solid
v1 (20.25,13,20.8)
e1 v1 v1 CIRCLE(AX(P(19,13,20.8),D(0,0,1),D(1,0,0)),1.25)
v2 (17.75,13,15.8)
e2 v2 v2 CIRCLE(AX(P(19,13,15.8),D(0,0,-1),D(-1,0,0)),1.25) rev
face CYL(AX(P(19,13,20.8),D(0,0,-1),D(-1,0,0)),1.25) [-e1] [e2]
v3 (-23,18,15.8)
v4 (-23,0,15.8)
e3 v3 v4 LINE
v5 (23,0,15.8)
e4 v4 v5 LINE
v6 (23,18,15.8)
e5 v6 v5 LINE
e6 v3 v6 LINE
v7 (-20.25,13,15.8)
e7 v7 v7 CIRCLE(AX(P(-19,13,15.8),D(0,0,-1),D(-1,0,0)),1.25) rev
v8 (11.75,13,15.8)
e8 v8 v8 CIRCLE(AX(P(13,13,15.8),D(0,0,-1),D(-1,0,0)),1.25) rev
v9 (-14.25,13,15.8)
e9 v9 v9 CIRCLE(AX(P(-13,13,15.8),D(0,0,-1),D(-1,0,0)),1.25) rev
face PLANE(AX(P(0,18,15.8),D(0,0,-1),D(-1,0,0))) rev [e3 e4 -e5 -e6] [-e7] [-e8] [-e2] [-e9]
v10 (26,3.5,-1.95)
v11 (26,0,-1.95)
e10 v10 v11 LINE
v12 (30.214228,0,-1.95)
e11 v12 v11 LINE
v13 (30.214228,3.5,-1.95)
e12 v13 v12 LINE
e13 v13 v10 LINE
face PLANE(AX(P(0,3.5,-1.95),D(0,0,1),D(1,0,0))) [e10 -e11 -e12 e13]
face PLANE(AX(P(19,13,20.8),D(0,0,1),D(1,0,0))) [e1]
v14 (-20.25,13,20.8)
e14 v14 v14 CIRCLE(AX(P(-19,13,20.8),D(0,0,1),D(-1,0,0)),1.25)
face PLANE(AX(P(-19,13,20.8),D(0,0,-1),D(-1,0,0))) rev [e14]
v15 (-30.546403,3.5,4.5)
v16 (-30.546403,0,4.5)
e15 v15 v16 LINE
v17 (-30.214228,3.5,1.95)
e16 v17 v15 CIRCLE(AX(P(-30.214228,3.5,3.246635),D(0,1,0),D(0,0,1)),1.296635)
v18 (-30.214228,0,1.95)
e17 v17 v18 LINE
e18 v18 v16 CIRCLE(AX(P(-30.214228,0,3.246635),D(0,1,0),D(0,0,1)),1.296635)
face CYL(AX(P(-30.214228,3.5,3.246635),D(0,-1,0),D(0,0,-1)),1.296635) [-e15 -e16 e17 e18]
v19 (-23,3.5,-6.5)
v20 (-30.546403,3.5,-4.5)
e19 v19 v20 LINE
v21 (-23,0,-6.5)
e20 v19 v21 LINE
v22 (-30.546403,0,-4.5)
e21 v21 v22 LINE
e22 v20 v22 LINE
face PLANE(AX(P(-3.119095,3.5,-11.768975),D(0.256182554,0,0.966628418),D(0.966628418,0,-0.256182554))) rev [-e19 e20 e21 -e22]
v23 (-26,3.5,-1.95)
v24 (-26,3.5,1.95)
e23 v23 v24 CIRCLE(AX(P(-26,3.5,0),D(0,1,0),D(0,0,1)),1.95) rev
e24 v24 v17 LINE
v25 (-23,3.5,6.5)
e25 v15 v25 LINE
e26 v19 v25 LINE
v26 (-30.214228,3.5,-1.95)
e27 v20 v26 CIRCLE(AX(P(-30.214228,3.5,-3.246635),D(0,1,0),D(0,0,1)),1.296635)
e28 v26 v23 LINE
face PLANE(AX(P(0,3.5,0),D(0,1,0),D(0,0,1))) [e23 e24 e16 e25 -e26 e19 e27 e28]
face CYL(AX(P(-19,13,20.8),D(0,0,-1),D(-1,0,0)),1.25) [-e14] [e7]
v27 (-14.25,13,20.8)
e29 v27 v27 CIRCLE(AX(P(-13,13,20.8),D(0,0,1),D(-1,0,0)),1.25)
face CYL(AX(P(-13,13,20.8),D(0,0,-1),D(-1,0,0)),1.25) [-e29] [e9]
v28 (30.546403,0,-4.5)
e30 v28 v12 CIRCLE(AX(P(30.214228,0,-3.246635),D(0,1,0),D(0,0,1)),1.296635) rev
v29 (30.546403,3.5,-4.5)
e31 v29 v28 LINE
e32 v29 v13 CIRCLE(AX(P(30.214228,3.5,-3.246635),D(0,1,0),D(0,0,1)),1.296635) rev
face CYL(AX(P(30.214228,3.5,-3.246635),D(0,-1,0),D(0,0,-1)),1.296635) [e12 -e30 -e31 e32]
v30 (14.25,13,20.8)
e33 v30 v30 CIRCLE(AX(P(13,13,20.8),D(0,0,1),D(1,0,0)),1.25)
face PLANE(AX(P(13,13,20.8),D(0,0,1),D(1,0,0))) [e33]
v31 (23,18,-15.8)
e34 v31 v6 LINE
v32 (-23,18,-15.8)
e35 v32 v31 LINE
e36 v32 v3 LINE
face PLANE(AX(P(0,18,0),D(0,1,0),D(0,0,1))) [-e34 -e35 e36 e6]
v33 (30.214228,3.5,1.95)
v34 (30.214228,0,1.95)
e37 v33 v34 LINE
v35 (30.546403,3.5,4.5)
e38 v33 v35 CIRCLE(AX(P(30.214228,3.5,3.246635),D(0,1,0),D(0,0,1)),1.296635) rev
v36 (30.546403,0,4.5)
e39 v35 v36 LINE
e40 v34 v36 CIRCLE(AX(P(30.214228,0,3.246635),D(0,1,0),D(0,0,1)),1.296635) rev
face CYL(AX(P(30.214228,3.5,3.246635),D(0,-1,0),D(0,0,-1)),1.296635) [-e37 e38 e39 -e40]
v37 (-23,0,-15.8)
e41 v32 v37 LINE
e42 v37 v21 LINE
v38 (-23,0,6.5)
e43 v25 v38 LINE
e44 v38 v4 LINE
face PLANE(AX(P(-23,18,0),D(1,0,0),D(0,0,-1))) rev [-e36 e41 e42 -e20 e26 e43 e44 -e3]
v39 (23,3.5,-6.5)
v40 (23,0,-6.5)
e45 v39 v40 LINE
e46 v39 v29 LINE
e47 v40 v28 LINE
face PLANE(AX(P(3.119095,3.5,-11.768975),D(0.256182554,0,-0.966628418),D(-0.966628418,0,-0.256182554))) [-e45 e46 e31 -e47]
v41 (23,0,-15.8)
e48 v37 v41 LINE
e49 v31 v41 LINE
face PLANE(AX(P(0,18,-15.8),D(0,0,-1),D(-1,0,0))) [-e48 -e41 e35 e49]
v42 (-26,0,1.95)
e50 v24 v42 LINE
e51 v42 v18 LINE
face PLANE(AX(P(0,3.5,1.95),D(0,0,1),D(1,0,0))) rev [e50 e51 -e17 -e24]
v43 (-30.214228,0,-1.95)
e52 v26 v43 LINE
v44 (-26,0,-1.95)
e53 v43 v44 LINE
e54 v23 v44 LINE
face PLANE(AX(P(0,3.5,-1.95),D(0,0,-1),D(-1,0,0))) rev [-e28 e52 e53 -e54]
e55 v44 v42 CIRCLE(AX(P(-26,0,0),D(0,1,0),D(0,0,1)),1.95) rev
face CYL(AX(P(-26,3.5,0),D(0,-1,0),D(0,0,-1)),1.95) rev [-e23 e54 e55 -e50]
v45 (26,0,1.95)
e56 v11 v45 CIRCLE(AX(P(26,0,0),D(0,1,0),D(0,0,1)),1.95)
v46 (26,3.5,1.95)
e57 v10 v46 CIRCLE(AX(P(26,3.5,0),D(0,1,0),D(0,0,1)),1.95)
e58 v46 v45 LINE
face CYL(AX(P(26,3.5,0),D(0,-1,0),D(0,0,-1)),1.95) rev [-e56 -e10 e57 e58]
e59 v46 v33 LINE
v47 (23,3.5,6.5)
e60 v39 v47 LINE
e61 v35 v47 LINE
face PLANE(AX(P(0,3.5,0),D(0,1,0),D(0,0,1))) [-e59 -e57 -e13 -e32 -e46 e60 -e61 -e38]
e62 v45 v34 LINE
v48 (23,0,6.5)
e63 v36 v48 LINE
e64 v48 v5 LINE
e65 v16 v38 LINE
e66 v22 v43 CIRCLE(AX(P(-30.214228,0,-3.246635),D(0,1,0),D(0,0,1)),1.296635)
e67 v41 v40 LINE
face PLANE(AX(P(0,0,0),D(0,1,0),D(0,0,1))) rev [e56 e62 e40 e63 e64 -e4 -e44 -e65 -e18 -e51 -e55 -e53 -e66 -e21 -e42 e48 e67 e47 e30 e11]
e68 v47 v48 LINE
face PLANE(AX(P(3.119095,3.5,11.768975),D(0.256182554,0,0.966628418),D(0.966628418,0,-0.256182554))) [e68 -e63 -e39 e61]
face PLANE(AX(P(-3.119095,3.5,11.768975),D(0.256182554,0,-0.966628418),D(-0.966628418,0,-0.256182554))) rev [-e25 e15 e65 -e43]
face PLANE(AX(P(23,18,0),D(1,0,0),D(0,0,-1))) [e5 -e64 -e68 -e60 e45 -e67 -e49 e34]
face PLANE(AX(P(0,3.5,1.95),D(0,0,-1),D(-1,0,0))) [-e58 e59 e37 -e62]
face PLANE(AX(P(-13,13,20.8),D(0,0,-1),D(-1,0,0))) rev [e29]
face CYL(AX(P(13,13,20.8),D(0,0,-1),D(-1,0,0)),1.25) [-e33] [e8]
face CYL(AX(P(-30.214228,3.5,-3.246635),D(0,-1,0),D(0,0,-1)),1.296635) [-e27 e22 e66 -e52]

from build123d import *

# Parameters (mm, degrees)
BOSS_EXTRUDE1_DEPTH = 18
BOSS_EXTRUDE2_DEPTH = 3.5
SKETCH2_R           = 1.25
BOSS_EXTRUDE3_DEPTH = 5


with BuildPart() as part:
    # Sketch1 → Boss-Extrude1 (new body)
    with BuildSketch(Plane(origin=(0, 0, 0), x_dir=(1, 0, 0), z_dir=(0, 1, 0))):
        Polygon((23, -6.5), (23, 6.5), (23, 15.8), (-23, 15.8), (-23, 6.5), (-23, -6.5), (-23, -15.8), (23, -15.8), align=None)
    extrude(amount=BOSS_EXTRUDE1_DEPTH)

    # Sketch1<3> → Boss-Extrude2 (add)
    with BuildSketch(Plane(origin=(0, 0, 0), x_dir=(1, 0, 0), z_dir=(0, 1, 0))):
        with BuildLine():
            Line((30.546403177, 4.5), (23, 6.5))
            Line((23, 6.5), (23, -6.5))
            Line((23, -6.5), (30.546403177, -4.5))
            ThreePointArc((30.546403177, -4.5), (31.5, -3.079144467), (30.214227812, -1.95))
            Line((30.214227812, -1.95), (26, -1.95))
            ThreePointArc((26, -1.95), (24.05, 0), (26, 1.95))
            Line((26, 1.95), (30.214227812, 1.95))
            ThreePointArc((30.214227812, 1.95), (31.5, 3.079144467), (30.546403177, 4.5))
        make_face()
        with BuildLine():
            Line((-23, -6.5), (-23, 6.5))
            Line((-23, 6.5), (-30.546403177, 4.5))
            ThreePointArc((-30.546403177, 4.5), (-31.5, 3.079144467), (-30.214227812, 1.95))
            Line((-30.214227812, 1.95), (-26, 1.95))
            ThreePointArc((-26, 1.95), (-24.05, 0), (-26, -1.95))
            Line((-26, -1.95), (-30.214227812, -1.95))
            ThreePointArc((-30.214227812, -1.95), (-31.5, -3.079144467), (-30.546403177, -4.5))
            Line((-30.546403177, -4.5), (-23, -6.5))
        make_face()
    extrude(amount=BOSS_EXTRUDE2_DEPTH)

    # Sketch2 → Boss-Extrude3 (add)
    with BuildSketch(Plane.XY.offset(15.8)):
        with Locations((19, 13)):
            Circle(SKETCH2_R)
        with Locations((13, 13)):
            Circle(SKETCH2_R)
        with Locations((-19, 13)):
            Circle(SKETCH2_R)
        with Locations((-13, 13)):
            Circle(SKETCH2_R)
    extrude(amount=BOSS_EXTRUDE3_DEPTH)


solid = part.part
